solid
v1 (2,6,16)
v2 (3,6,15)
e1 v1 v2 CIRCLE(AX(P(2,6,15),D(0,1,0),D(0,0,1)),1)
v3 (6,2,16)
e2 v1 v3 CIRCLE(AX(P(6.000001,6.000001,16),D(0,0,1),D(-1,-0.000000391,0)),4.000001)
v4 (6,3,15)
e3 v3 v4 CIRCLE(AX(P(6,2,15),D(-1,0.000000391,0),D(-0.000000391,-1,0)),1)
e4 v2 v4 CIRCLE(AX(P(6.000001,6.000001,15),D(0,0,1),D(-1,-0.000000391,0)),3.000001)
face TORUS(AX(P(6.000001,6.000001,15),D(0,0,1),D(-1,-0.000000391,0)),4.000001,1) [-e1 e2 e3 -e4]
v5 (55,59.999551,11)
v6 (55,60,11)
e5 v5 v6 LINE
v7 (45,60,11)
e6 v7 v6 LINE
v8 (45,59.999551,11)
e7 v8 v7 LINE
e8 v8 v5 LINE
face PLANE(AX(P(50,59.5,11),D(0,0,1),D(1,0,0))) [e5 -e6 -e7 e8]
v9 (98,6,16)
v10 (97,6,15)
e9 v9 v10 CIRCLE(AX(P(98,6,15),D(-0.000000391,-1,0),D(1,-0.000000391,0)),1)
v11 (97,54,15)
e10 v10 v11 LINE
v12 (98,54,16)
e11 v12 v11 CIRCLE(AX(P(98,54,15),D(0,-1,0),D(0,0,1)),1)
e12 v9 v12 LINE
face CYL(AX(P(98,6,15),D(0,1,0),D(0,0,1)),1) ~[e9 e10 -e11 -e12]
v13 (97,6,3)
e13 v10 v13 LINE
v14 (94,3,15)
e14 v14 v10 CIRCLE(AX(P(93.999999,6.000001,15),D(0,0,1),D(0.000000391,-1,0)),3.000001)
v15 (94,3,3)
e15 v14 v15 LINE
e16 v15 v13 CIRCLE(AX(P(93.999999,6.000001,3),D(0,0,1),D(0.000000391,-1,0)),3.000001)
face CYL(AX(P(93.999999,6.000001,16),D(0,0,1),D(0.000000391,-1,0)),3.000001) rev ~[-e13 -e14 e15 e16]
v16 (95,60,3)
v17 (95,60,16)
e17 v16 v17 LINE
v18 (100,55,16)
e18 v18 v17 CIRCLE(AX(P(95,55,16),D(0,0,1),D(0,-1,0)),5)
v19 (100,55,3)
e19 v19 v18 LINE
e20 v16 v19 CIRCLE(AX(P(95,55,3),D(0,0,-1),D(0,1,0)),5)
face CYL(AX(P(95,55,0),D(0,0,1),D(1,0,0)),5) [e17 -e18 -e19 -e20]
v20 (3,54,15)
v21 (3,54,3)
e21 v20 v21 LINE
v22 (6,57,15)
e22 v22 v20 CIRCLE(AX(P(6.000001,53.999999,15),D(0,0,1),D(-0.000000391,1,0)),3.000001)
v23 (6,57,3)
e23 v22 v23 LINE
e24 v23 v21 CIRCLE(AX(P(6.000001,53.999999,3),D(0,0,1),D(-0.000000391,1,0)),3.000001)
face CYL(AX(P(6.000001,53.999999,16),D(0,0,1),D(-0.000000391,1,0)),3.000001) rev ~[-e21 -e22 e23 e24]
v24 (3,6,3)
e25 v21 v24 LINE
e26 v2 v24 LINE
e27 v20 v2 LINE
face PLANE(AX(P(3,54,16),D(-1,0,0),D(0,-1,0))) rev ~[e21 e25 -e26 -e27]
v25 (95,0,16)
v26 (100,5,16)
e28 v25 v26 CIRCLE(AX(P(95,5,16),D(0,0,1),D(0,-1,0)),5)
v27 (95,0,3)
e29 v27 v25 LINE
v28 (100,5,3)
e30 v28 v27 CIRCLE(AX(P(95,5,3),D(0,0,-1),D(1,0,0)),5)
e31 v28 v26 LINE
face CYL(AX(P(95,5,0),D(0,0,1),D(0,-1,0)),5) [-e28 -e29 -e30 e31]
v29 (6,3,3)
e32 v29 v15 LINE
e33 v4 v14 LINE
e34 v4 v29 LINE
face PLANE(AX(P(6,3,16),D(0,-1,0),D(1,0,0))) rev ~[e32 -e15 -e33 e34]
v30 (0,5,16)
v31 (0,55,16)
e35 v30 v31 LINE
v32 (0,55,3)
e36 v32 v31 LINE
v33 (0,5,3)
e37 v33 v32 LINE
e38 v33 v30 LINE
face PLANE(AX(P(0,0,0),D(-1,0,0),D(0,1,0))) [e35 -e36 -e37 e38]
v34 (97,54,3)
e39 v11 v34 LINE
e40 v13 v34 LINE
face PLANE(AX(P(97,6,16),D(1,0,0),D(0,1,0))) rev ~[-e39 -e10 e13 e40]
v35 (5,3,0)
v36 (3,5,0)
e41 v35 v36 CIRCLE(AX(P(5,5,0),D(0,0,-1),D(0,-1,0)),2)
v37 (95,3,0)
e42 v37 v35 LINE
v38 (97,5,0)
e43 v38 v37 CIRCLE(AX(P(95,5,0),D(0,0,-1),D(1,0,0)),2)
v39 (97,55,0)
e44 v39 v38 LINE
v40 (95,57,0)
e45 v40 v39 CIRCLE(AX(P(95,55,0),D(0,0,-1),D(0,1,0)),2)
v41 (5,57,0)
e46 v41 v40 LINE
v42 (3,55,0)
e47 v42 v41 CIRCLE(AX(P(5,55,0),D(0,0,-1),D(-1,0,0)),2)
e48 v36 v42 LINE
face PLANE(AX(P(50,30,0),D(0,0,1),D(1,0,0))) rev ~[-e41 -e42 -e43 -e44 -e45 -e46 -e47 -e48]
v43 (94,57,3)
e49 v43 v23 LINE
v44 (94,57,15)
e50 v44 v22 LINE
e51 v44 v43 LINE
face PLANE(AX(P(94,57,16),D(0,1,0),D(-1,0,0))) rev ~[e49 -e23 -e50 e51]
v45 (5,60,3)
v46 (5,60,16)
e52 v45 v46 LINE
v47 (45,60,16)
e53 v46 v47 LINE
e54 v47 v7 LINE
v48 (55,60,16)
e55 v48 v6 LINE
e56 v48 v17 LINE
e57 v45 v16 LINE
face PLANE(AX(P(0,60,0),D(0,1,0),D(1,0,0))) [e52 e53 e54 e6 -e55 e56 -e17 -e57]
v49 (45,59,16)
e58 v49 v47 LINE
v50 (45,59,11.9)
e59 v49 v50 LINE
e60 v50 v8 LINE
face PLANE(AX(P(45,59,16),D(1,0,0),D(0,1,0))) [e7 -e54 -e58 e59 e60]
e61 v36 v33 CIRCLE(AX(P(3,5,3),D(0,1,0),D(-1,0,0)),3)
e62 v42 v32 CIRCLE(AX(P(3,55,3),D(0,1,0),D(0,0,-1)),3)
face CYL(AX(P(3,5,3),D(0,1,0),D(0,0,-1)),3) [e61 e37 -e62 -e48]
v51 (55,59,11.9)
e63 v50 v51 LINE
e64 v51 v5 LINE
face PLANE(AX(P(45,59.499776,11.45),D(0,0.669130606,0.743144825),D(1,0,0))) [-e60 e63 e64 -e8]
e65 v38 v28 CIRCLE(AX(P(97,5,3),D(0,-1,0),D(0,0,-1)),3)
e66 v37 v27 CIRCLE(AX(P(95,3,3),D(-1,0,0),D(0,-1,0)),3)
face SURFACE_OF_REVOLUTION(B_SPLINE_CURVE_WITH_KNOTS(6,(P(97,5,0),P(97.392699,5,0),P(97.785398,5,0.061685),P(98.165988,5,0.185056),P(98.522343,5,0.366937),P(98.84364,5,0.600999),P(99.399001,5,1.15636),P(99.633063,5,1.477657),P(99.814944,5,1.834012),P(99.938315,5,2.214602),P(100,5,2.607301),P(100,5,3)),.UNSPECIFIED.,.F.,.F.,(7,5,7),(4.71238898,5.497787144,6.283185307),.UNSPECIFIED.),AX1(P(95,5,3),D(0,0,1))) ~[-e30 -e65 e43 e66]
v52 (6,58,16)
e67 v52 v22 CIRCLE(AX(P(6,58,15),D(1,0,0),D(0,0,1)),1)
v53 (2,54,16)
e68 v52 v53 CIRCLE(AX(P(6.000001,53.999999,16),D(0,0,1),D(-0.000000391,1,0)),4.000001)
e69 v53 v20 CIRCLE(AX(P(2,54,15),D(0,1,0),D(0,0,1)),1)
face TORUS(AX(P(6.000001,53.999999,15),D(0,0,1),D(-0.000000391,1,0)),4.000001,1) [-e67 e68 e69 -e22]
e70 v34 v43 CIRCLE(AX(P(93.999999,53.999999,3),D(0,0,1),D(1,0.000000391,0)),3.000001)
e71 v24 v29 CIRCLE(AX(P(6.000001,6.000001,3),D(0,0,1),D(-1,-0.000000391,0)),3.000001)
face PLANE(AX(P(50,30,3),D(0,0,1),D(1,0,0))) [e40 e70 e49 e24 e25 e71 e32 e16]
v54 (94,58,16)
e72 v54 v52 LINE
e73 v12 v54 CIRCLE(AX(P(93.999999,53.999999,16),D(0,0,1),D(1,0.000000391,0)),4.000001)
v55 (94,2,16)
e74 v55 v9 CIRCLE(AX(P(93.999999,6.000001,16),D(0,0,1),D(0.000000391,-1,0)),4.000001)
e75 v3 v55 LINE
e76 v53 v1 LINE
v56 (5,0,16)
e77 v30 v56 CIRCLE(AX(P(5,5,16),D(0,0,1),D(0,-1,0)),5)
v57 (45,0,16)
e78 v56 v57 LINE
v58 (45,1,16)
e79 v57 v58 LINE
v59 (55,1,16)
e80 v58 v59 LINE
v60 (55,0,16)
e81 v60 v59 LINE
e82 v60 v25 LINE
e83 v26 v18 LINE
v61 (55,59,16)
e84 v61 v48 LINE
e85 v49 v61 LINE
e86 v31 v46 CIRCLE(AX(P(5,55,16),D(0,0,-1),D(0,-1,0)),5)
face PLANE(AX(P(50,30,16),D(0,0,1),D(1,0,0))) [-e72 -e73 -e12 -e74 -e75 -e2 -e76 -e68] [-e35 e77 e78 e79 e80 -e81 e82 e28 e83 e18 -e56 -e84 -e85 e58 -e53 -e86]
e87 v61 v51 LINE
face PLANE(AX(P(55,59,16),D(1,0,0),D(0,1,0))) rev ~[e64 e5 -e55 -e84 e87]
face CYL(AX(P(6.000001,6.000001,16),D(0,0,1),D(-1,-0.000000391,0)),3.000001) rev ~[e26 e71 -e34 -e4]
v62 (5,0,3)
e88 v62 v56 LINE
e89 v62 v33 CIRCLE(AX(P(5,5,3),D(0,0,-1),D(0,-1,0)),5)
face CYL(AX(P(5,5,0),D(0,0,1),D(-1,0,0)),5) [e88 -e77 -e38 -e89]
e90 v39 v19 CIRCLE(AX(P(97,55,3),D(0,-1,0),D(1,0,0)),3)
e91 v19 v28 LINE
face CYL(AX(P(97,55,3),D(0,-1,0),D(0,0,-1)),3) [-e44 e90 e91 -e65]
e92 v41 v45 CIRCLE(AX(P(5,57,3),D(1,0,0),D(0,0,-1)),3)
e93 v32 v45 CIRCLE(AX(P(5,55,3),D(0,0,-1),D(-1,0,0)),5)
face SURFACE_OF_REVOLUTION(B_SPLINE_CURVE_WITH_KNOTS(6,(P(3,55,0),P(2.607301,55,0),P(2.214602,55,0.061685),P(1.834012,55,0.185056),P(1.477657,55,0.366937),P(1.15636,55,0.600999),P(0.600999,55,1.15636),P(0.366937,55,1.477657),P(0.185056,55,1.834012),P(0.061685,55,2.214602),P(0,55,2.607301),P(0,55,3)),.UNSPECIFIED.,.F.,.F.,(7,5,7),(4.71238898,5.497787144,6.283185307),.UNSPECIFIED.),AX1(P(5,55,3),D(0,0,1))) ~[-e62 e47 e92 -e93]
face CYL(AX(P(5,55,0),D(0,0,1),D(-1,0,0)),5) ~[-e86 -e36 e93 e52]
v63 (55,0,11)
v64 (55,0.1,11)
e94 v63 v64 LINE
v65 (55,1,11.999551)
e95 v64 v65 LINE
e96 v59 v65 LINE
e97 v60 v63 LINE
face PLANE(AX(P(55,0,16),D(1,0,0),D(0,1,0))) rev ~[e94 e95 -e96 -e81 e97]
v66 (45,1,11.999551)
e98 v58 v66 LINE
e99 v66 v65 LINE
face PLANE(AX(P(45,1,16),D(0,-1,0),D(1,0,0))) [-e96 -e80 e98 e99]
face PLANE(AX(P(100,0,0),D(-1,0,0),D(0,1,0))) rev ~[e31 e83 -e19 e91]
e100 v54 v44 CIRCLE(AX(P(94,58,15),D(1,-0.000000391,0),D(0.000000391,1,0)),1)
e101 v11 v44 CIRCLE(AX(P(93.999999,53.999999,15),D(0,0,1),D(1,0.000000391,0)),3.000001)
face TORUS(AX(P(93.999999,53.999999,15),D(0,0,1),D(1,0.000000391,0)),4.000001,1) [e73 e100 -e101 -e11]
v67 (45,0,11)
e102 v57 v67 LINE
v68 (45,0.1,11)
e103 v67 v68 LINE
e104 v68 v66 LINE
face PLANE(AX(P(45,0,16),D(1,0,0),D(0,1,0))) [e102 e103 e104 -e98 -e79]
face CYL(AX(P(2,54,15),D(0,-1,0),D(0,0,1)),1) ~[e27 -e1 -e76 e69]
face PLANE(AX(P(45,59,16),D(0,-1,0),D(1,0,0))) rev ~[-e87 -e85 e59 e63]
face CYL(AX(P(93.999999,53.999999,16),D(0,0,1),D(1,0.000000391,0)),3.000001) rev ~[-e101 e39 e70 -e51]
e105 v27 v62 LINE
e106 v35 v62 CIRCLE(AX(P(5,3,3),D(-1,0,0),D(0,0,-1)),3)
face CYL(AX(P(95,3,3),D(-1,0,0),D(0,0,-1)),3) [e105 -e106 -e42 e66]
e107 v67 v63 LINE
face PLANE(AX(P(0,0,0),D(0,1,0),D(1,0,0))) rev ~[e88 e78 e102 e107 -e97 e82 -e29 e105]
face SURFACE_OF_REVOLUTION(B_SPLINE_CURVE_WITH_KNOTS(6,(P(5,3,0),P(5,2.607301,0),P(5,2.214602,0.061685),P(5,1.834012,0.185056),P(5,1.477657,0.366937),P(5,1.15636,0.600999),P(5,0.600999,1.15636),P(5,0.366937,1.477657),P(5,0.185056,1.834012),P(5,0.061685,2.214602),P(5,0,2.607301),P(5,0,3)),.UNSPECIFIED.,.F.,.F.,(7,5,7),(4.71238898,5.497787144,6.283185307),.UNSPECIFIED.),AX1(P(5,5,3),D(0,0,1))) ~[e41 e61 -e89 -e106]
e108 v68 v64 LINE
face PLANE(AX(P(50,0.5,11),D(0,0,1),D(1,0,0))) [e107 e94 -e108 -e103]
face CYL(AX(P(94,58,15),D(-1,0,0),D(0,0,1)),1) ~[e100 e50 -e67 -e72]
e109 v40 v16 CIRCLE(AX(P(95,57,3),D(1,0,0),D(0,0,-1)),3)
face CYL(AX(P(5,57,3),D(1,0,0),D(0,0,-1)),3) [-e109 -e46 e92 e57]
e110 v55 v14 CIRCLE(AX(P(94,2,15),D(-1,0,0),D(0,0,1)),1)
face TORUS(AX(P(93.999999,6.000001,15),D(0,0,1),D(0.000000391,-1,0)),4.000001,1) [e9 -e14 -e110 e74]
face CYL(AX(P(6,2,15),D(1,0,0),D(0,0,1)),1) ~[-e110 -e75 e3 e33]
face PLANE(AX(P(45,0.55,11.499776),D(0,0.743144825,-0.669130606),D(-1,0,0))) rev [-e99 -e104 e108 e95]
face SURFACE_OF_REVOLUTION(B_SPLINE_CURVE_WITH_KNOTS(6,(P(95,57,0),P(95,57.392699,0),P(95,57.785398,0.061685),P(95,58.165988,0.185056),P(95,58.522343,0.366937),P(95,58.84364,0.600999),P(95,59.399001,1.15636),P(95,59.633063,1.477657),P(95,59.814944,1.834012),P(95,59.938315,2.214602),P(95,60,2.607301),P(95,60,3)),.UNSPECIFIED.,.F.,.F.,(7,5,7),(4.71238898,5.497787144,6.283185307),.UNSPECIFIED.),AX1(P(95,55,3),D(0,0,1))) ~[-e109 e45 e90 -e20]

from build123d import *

# Parameters (mm, degrees)
SKETCH_W        = 100
SKETCH_H        = 60
PAD_DEPTH       = 16
FILLET_R        = 5
FILLET001_R     = 3
POCKET_DEPTH    = 13
SKETCH002_W     = 10
SKETCH002_H     = 1
POCKET001_DEPTH = 5
CHAMFER_1_ANGLE = 48
CHAMFER_1_SIZE  = 0.9
CHAMFER_2_ANGLE = 48
CHAMFER_2_SIZE  = 0.9
FILLET002_R     = 1


with BuildPart() as part:
    # Sketch → Pad (new body)
    with BuildSketch(Plane.XY):
        with Locations((50, 30)):
            Rectangle(SKETCH_W, SKETCH_H)
    extrude(amount=PAD_DEPTH)

    # Fillet
    fillet_edges = [part.edges().sort_by_distance(p)[0] for p in [
        (100, 0, 8),
        (100, 60, 8),
        (0, 60, 8),
        (0, 0, 8),
    ]]
    fillet(fillet_edges, radius=FILLET_R)

    # Fillet001
    fillet001_edges = [part.edges().sort_by_distance(p)[0] for p in [
        (50, 60, 0),
    ]]
    fillet(fillet001_edges, radius=FILLET001_R)

    # Sketch001 (on Face6 of Pad) → Pocket (cut)
    with BuildSketch(Plane.XY.offset(16)):
        with BuildLine():
            Line((6, 3), (94, 3))
            ThreePointArc((94, 3), (96.12132, 3.87868), (97, 6))
            Line((97, 6), (97, 54))
            ThreePointArc((97, 54), (96.12132, 56.12132), (94, 57))
            Line((94, 57), (6, 57))
            ThreePointArc((6, 57), (3.87868, 56.12132), (3, 54))
            Line((3, 54), (3, 6))
            ThreePointArc((3, 6), (3.87868, 3.87868), (6, 3))
        make_face()
    extrude(amount=-POCKET_DEPTH, mode=Mode.SUBTRACT)

    # Sketch002 (on Face4 of Pocket) → Pocket001 (cut)
    with BuildSketch(Plane.XY.offset(16)):
        with Locations((50, 0.5)):
            Rectangle(SKETCH002_W, SKETCH002_H)
        with Locations((50, 59.5)):
            Rectangle(SKETCH002_W, SKETCH002_H)
    extrude(amount=-POCKET001_DEPTH, mode=Mode.SUBTRACT)

    # Chamfer 1
    chamfer_1_edges = [part.edges().sort_by_distance(p)[0] for p in [
        (50, 59, 11),
    ]]
    chamfer_1_side = part.faces().sort_by_distance((50, 59, 13.5))[0]
    chamfer(chamfer_1_edges, length=CHAMFER_1_SIZE, angle=CHAMFER_1_ANGLE, reference=chamfer_1_side)

    # Chamfer 2
    chamfer_2_edges = [part.edges().sort_by_distance(p)[0] for p in [
        (50, 1, 11),
    ]]
    chamfer_2_side = part.faces().sort_by_distance((50, 0.5, 11))[0]
    chamfer(chamfer_2_edges, length=CHAMFER_2_SIZE, angle=CHAMFER_2_ANGLE, reference=chamfer_2_side)

    # Fillet002
    fillet002_edges = [part.edges().sort_by_distance(p)[0] for p in [
        (3, 30, 16),
    ]]
    fillet(fillet002_edges, radius=FILLET002_R)


solid = part.part
